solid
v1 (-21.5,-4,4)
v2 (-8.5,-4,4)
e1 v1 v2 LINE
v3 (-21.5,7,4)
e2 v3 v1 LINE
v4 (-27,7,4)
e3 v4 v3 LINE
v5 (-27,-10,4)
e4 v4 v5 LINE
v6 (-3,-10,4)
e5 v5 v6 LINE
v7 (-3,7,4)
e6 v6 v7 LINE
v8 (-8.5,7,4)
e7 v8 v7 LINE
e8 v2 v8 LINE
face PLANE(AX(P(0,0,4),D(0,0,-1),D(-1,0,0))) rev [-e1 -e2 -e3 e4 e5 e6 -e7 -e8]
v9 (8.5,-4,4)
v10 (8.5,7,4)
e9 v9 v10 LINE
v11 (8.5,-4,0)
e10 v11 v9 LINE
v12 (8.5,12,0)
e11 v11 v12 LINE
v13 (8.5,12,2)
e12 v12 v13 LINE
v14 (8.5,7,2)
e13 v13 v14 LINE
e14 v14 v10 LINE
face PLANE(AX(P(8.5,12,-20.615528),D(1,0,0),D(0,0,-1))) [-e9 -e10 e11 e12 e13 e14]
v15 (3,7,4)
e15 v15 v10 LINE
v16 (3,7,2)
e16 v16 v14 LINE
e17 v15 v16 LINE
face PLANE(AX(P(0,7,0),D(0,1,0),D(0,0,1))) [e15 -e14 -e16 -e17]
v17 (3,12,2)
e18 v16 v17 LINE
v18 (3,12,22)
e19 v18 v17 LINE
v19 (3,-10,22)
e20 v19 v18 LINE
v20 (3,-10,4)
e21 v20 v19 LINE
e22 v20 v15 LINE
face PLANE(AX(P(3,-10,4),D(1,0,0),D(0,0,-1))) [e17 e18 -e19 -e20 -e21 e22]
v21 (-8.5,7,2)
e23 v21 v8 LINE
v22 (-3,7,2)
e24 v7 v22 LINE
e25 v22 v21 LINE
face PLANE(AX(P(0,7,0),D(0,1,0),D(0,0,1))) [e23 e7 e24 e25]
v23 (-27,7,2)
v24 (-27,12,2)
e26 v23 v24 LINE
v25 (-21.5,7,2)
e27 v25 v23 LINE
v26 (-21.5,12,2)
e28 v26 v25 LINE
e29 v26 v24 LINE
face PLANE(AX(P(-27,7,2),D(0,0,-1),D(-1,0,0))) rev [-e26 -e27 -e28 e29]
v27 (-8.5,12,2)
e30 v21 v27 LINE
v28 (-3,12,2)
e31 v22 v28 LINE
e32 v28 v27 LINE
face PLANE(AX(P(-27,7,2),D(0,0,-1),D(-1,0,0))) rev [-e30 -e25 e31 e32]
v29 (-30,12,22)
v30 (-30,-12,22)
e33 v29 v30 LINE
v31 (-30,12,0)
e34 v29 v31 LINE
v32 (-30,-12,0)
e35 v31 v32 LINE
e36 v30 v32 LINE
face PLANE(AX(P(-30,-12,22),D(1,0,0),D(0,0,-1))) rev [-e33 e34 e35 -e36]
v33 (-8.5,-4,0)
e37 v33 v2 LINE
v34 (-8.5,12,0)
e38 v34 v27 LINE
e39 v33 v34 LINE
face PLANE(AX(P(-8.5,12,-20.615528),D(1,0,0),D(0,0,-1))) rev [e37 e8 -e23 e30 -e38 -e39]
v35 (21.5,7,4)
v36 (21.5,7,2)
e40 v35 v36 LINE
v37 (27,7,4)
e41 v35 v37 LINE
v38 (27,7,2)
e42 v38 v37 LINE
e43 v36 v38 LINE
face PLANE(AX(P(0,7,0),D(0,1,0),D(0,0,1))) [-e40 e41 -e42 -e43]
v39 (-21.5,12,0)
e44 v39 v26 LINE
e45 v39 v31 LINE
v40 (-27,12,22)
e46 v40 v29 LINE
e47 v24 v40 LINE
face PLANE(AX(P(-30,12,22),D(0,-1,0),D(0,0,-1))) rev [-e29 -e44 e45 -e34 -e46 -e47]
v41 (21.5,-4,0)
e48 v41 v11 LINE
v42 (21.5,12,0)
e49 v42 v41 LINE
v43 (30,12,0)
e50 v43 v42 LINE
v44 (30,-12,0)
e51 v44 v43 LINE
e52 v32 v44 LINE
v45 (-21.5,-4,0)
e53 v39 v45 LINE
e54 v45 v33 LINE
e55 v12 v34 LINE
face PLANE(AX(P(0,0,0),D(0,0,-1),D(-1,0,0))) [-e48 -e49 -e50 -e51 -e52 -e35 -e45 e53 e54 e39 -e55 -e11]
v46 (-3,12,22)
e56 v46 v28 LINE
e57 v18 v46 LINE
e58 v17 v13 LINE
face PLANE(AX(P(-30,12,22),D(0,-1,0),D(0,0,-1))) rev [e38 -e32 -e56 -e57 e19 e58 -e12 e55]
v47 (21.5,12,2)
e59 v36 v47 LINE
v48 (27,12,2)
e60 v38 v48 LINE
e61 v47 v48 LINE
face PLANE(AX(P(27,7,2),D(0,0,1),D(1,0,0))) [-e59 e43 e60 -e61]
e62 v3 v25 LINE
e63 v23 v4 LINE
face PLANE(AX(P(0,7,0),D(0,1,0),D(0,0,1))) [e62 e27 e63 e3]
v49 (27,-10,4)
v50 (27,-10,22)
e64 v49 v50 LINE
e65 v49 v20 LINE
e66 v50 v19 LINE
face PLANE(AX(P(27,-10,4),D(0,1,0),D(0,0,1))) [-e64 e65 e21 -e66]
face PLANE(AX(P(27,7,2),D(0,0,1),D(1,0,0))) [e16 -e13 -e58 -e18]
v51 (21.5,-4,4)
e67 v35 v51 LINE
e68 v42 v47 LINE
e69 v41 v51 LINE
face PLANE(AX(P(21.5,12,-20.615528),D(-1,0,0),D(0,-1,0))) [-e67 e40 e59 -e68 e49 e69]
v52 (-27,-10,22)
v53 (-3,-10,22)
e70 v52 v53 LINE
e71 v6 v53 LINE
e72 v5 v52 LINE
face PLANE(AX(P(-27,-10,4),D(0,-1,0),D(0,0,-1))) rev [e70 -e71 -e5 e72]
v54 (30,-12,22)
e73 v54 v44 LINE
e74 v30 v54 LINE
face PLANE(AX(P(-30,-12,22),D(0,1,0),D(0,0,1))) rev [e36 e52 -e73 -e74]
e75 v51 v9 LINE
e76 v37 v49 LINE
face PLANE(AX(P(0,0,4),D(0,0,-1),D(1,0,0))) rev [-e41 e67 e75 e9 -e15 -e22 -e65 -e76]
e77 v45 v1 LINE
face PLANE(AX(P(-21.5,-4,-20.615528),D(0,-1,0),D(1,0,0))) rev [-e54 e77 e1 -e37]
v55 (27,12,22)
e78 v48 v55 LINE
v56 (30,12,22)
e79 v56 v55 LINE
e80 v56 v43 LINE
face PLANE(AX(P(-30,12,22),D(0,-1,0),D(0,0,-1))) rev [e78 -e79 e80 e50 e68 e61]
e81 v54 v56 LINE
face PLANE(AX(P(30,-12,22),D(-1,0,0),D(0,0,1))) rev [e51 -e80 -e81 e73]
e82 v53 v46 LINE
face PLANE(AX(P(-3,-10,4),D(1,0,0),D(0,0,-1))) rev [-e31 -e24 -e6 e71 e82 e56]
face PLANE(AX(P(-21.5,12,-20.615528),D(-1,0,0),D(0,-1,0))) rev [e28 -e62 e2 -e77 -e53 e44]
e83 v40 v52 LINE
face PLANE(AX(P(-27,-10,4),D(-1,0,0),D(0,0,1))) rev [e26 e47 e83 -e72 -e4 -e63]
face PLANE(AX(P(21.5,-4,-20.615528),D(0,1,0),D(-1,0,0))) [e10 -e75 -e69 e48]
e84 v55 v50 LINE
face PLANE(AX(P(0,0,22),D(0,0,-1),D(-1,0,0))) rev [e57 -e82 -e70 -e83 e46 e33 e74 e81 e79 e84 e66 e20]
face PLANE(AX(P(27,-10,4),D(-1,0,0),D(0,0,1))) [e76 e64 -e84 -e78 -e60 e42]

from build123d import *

# Parameters (mm, degrees)
SKETCH_1_W          = 60
SKETCH_1_H          = 24
EXTRUDE_1_DEPTH     = 22
SKETCH_3_W          = 24
SKETCH_3_H          = 20
CUT_EXTRUDE_2_DEPTH = 18
SKETCH_5_W          = 13
SKETCH_5_H          = 16
CUT_EXTRUDE_4_DEPTH = 4
SKETCH_6_W          = 24
SKETCH_6_H          = 20
CUT_EXTRUDE_5_DEPTH = 5


with BuildPart() as part:
    # ｽｹｯﾁ1 → ﾎﾞｽ - 押し出し1 (new body)
    with BuildSketch(Plane.XY):
        Rectangle(SKETCH_1_W, SKETCH_1_H)
    extrude(amount=EXTRUDE_1_DEPTH)

    # ｽｹｯﾁ3 → ｶｯﾄ - 押し出し2 (cut)
    with BuildSketch(Plane.XY.offset(22)):
        with Locations((-15, 0)):
            Rectangle(SKETCH_3_W, SKETCH_3_H)
    cut_extrude_2 = extrude(amount=-CUT_EXTRUDE_2_DEPTH, mode=Mode.SUBTRACT)

    # ｽｹｯﾁ5 → ｶｯﾄ - 押し出し4 (cut)
    with BuildSketch(Plane.XY.offset(4)):
        with Locations((-15, 4)):
            Rectangle(SKETCH_5_W, SKETCH_5_H)
    cut_extrude_4 = extrude(amount=-CUT_EXTRUDE_4_DEPTH, mode=Mode.SUBTRACT)

    # ｽｹｯﾁ6 → ｶｯﾄ - 押し出し5 (cut)
    with BuildSketch(Plane(origin=(0, 12, 0), x_dir=(1, 0, 0), z_dir=(0, 1, 0))):
        with Locations((-15, -12)):
            Rectangle(SKETCH_6_W, SKETCH_6_H)
    cut_extrude_5 = extrude(amount=-CUT_EXTRUDE_5_DEPTH, mode=Mode.SUBTRACT)

    # ﾐﾗｰ1: ｶｯﾄ - 押し出し2, ｶｯﾄ - 押し出し4, ｶｯﾄ - 押し出し5 across plane
    add(cut_extrude_2.mirror(Plane(origin=(0, 0, 0), x_dir=(0, 0, 1), z_dir=(1, 0, 0))), mode=Mode.SUBTRACT)
    add(cut_extrude_4.mirror(Plane(origin=(0, 0, 0), x_dir=(0, 0, 1), z_dir=(1, 0, 0))), mode=Mode.SUBTRACT)
    add(cut_extrude_5.mirror(Plane(origin=(0, 0, 0), x_dir=(0, 0, 1), z_dir=(1, 0, 0))), mode=Mode.SUBTRACT)


solid = part.part
